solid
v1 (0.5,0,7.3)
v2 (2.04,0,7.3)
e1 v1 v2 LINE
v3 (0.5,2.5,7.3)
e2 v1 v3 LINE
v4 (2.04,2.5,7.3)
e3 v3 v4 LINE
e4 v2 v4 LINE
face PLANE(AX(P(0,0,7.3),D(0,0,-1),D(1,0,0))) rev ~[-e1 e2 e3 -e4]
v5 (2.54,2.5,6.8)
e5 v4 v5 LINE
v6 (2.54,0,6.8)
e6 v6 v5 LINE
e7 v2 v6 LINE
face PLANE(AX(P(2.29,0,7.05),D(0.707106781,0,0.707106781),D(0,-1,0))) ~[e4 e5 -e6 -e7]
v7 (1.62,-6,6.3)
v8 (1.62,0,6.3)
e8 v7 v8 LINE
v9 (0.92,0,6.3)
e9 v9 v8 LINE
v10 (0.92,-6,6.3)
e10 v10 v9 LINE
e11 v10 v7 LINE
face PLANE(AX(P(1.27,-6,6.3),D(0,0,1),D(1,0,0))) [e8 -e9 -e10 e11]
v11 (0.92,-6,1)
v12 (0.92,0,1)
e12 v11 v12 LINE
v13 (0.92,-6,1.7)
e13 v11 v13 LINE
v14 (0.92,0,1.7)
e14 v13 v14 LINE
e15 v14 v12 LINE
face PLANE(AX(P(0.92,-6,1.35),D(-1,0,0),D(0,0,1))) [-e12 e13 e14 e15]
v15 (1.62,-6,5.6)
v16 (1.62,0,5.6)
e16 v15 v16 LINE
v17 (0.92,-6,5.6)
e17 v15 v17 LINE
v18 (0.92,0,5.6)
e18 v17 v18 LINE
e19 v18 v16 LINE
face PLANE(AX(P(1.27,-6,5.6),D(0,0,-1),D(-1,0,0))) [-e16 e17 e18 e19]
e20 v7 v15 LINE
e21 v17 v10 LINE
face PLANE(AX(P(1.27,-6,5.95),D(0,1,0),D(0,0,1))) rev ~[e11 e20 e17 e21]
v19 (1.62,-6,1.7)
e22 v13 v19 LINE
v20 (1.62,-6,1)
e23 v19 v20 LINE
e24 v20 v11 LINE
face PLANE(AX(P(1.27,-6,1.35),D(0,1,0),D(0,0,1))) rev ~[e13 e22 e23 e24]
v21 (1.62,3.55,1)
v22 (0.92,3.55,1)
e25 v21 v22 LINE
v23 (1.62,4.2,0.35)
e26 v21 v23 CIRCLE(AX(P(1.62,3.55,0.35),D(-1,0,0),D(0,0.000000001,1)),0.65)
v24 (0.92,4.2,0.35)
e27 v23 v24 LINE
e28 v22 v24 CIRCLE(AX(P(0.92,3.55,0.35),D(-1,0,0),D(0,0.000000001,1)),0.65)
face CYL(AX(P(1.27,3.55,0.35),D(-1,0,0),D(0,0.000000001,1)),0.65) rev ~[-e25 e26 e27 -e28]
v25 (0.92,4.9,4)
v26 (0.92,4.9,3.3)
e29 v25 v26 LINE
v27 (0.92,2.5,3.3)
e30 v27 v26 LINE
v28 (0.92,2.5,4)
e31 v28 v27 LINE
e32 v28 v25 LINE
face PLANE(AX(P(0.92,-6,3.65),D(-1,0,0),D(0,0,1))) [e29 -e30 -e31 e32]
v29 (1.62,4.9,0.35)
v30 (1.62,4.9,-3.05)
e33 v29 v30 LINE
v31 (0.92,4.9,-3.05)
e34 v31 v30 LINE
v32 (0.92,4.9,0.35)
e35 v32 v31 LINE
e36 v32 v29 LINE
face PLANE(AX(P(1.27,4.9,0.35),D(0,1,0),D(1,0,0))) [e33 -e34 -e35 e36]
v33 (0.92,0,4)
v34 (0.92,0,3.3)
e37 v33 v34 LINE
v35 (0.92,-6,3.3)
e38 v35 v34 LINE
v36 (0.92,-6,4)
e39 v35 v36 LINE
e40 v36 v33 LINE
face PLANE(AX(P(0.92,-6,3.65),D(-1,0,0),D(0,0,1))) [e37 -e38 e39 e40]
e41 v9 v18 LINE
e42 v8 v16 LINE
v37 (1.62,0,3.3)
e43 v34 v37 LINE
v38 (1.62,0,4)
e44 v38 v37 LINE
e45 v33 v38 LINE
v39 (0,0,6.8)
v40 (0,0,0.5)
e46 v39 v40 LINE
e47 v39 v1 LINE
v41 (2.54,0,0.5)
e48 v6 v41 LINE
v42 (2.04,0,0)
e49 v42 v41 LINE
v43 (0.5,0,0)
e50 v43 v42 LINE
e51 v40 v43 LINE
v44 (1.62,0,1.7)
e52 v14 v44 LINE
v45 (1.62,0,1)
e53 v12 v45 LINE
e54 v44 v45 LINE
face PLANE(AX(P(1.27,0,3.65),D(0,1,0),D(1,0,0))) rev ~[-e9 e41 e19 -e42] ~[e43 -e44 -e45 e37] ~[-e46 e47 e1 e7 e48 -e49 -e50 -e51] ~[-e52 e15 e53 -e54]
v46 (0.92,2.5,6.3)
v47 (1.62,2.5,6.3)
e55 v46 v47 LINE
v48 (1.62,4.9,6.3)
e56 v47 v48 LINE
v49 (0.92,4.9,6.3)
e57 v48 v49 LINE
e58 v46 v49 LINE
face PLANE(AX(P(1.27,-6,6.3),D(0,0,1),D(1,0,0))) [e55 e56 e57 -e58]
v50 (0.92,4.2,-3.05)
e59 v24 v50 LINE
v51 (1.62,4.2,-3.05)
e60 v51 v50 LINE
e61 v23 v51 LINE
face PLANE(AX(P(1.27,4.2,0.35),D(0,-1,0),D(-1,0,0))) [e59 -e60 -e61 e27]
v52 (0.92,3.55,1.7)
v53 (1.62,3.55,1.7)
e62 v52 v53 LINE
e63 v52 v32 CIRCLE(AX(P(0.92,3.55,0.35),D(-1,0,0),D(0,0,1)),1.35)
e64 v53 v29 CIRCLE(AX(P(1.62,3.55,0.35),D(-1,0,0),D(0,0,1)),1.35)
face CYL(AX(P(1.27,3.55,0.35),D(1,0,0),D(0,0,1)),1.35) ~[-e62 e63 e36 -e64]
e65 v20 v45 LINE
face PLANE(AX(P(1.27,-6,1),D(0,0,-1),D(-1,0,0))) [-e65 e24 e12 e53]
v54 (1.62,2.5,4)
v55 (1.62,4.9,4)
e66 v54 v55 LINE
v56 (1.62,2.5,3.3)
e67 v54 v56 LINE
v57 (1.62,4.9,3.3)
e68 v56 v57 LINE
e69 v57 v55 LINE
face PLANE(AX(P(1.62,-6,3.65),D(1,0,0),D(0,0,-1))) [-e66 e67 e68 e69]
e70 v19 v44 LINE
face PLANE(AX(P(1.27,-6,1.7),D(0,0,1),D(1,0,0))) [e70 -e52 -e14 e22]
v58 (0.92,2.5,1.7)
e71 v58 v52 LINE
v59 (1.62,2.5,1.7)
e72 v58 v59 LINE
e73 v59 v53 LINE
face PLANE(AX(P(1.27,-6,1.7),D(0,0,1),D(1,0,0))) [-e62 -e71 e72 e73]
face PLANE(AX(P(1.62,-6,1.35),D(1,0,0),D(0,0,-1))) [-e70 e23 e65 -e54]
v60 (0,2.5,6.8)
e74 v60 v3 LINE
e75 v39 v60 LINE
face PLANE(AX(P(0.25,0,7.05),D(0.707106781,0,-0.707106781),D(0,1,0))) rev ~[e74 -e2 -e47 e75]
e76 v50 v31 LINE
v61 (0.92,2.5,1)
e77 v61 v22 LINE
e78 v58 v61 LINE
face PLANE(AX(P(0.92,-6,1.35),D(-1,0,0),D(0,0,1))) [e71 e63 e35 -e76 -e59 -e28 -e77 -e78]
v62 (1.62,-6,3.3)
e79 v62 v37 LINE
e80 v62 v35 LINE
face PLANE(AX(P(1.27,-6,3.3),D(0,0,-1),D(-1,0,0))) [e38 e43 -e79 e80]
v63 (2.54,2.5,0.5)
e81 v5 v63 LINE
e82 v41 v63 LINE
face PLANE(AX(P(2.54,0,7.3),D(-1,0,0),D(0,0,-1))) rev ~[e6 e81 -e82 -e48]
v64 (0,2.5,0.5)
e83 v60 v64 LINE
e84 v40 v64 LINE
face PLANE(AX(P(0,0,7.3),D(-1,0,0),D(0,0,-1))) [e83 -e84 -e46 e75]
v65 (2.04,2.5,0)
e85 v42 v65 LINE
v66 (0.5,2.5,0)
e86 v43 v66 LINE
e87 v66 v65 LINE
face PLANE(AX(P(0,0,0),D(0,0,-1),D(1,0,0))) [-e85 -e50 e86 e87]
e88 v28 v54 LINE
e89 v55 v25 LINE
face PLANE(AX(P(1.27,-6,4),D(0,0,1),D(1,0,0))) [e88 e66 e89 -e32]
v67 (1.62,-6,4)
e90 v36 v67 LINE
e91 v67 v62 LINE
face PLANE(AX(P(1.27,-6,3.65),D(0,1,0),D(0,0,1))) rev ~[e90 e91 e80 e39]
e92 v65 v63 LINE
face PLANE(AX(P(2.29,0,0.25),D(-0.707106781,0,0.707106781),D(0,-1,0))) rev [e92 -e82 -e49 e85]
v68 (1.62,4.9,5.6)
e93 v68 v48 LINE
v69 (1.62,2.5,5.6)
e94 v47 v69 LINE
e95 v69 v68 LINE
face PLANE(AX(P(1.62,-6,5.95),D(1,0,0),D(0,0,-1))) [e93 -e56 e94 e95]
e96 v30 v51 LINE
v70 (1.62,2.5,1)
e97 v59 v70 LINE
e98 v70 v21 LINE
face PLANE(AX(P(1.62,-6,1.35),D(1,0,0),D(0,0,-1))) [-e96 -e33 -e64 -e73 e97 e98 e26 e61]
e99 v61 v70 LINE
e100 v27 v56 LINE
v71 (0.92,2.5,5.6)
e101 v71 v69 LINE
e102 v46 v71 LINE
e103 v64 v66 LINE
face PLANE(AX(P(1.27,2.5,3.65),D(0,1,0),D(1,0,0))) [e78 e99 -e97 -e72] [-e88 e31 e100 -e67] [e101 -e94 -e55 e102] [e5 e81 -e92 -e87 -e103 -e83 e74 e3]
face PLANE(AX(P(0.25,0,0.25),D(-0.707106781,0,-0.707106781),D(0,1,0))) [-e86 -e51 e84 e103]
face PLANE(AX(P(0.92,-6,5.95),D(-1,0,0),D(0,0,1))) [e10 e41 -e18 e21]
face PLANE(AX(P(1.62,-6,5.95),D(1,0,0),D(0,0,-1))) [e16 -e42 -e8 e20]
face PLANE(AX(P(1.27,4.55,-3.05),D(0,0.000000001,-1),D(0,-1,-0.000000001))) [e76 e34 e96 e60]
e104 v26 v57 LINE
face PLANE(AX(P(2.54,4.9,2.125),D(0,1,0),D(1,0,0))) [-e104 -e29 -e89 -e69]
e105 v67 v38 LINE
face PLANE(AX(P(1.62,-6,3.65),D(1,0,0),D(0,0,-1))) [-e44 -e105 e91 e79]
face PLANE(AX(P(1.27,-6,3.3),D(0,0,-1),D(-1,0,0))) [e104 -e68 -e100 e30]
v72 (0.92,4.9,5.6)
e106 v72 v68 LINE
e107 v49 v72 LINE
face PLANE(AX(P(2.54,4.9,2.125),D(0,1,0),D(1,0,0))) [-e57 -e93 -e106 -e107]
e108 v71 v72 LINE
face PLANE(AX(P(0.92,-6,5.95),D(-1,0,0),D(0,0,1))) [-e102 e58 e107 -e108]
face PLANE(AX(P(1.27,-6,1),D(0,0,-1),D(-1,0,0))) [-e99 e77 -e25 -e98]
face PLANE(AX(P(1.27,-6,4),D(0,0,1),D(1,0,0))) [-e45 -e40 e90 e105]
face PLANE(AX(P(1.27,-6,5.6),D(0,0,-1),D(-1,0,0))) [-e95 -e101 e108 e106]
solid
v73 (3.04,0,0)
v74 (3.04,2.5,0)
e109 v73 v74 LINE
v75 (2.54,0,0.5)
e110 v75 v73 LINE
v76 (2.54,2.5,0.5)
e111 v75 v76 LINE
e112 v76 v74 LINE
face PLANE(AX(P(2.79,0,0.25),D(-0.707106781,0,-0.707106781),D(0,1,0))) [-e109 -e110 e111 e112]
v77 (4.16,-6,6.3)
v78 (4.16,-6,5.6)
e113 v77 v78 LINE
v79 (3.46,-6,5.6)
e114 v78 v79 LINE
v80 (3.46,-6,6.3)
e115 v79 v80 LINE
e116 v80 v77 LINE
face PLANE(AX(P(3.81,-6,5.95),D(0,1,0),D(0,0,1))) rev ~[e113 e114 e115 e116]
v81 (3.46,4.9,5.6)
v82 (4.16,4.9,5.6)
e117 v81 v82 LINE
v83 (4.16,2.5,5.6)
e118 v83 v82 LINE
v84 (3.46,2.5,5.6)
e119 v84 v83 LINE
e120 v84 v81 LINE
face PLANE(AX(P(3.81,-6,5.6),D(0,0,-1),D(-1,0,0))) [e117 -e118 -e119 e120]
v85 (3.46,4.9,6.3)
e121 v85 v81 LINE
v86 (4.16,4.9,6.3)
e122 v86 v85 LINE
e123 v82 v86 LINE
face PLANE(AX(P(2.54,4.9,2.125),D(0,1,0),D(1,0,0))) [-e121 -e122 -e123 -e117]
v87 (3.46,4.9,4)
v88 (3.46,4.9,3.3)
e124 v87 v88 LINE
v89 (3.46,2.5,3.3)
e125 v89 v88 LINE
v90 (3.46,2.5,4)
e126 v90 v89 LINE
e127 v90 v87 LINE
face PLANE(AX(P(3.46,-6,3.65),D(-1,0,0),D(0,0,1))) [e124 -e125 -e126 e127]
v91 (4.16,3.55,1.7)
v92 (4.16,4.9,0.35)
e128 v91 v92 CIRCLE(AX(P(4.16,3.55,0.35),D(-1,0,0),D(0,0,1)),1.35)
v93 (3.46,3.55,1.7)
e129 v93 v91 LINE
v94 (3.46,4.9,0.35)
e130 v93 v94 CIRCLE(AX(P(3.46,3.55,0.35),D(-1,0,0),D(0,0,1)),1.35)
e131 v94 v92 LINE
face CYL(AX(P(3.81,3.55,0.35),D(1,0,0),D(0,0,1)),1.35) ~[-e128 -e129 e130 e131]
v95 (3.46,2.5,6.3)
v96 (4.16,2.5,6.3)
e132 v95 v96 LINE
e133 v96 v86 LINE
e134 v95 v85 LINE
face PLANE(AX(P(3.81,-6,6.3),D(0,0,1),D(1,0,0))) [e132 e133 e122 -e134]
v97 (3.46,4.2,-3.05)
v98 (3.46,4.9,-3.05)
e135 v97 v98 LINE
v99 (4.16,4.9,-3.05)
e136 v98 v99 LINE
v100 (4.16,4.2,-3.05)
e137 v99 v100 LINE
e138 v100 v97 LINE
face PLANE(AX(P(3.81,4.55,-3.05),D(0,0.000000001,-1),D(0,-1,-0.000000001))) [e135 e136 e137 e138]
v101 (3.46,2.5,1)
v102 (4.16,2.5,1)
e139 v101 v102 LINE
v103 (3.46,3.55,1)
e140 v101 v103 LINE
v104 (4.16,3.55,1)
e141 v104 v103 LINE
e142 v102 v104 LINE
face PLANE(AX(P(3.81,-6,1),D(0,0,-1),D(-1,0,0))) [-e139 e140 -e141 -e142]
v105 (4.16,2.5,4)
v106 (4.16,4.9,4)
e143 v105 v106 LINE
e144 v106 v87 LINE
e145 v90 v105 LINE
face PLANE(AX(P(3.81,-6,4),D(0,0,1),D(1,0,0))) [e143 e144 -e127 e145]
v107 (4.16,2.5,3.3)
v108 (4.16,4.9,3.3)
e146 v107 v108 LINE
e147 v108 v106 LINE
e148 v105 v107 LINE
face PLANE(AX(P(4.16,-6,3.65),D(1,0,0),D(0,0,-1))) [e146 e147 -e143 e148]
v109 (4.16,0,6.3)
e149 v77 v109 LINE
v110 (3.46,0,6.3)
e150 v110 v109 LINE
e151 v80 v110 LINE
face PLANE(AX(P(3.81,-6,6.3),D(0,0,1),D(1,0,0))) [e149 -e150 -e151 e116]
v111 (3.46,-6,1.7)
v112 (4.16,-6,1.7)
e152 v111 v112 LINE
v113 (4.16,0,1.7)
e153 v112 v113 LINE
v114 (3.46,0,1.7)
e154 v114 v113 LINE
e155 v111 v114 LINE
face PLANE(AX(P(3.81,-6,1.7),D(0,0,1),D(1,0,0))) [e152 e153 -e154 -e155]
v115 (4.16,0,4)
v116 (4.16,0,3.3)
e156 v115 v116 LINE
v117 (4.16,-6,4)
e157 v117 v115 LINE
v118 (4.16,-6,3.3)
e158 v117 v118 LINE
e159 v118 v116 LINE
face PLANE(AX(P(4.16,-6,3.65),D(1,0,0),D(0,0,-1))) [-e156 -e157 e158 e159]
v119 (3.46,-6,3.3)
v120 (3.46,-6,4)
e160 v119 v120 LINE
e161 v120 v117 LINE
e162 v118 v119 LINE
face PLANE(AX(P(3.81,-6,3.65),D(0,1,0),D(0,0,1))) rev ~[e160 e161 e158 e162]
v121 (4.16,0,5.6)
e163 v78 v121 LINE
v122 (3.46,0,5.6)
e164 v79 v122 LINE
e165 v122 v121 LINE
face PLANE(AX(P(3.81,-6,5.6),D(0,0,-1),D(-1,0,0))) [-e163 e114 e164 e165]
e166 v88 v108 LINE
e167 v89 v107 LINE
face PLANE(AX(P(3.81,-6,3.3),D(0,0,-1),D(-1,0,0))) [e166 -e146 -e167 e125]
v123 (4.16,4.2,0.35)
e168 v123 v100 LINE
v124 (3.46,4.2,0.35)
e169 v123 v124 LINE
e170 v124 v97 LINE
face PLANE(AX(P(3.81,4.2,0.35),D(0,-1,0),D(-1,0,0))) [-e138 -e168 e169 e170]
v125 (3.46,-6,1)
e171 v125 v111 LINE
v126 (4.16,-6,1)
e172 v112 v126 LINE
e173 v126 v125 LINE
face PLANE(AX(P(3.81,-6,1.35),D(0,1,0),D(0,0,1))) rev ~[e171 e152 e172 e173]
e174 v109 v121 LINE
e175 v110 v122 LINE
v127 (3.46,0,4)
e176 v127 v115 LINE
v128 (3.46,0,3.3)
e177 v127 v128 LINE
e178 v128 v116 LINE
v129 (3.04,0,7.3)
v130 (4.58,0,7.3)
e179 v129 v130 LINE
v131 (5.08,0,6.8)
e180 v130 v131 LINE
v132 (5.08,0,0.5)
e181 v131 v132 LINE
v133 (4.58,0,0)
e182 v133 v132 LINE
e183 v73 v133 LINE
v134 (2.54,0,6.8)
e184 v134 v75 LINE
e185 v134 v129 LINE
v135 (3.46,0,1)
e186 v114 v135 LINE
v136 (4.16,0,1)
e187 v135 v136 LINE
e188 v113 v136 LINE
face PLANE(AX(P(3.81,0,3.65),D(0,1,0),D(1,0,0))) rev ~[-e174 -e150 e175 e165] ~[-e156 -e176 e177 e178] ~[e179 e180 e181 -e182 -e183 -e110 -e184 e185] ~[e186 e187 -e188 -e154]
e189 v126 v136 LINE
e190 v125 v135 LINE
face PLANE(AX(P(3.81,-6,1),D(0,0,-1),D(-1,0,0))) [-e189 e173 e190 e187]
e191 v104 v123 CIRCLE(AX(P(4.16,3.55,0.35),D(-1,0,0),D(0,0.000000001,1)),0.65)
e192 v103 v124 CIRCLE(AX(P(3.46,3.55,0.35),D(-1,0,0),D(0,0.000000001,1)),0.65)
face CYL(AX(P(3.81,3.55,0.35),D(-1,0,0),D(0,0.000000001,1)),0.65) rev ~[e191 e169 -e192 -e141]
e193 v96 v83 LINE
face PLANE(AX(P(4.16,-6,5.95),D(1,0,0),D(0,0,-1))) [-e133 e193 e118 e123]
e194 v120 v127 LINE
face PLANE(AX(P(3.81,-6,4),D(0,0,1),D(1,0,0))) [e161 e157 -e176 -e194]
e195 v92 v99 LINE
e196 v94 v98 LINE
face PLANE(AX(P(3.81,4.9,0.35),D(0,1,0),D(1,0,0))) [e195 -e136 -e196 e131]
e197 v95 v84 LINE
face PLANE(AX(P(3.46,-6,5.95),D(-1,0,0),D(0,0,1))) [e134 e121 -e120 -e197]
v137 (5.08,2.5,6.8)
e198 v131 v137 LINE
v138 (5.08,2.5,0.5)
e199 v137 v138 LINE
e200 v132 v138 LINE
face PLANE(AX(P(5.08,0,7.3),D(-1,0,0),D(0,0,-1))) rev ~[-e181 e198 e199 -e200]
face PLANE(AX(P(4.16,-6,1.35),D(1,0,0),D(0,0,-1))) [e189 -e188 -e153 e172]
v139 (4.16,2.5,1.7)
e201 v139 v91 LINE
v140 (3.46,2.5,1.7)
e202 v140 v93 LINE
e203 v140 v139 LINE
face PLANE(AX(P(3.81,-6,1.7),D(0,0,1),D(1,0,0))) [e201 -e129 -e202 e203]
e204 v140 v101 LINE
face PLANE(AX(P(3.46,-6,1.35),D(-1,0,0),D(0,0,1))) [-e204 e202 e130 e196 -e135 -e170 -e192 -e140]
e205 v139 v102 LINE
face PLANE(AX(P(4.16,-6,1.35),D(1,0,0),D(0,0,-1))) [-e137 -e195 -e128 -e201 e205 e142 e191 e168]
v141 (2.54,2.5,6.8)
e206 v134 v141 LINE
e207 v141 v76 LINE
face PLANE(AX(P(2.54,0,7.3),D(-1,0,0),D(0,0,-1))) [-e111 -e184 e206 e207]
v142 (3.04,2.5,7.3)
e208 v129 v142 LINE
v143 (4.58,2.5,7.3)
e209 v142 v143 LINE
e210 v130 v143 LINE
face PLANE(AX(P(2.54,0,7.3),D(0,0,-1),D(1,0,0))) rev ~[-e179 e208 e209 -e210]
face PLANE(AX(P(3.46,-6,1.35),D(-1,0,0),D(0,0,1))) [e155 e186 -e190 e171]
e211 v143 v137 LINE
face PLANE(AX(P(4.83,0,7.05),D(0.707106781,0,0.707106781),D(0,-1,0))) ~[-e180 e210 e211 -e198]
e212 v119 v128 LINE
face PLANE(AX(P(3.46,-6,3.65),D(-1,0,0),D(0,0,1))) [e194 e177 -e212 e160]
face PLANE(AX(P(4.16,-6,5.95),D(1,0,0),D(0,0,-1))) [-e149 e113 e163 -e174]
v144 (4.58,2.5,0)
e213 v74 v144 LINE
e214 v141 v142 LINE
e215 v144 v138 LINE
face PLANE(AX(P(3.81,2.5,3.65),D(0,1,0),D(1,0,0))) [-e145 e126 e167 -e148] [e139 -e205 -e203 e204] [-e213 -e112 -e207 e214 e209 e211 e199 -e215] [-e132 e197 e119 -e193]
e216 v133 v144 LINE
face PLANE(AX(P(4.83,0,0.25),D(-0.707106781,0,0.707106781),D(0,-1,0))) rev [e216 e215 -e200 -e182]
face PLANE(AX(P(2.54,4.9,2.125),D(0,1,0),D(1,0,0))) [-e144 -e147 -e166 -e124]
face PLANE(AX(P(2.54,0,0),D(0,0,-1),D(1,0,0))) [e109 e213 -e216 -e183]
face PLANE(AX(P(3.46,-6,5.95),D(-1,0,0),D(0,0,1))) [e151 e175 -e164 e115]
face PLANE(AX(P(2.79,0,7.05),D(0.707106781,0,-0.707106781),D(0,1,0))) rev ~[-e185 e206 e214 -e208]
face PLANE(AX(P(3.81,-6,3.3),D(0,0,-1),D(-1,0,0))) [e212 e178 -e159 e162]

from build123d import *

# Parameters (mm, degrees)
SKETCH1_W           = 0.7
SKETCH1_H           = 0.7
SKETCH1_5_W         = 0.7
SKETCH1_5_H         = 0.7
SKETCH1_6_W         = 0.7
SKETCH1_6_H         = 0.7
SKETCH1_7_W         = 2.54
SKETCH1_7_H         = 7.3
SKETCH1_7_W_2       = 0.7
SKETCH1_7_H_2       = 0.7
BOSS_EXTRUDE1_DEPTH = 2.5
CHAMFER1_SIZE       = 0.5
LPATTERN1_COUNT     = 2
LPATTERN1_PITCH     = 2.54
SKETCH3_W           = 5.08
SKETCH3_H           = 10.35
CUT_EXTRUDE1_DEPTH  = 5.6


with BuildPart() as part:
    # Sweep3: sweep along a path in Sketch2
    with BuildLine(Plane(origin=(1.25, 0, 0), x_dir=(0, 0, -1), z_dir=(1, 0, 0))) as sweep3_path:
        Line((-5.95, -6), (-5.95, 8.15))
        ThreePointArc((-5.95, 8.15), (-5.657106781, 8.857106781), (-4.95, 9.15))
        Line((-4.95, 9.15), (3.05, 9.15))
    # Sketch1 → Sweep3 (sweep)
    with BuildSketch(Plane(origin=(0, 0, 0), x_dir=(1, 0, 0), z_dir=(0, 1, 0))):
        with Locations((1.27, -5.95)):
            Rectangle(SKETCH1_W, SKETCH1_H)
    sweep(path=sweep3_path.line)



with BuildPart() as body_2:
    # Sweep4: sweep along a path in Sketch2<6>
    with BuildLine(Plane(origin=(1.25, 0, 0), x_dir=(0, 0, -1), z_dir=(1, 0, 0))) as sweep4_path:
        Line((-3.65, -6), (-3.65, 5.85))
        ThreePointArc((-3.65, 5.85), (-3.357106781, 6.557106781), (-2.65, 6.85))
        Line((-2.65, 6.85), (3.05, 6.85))
    # Sketch1<5> → Sweep4 (sweep)
    with BuildSketch(Plane(origin=(0, 0, 0), x_dir=(1, 0, 0), z_dir=(0, 1, 0))):
        with Locations((1.27, -3.65)):
            Rectangle(SKETCH1_5_W, SKETCH1_5_H)
    sweep(path=sweep4_path.line)


with BuildPart() as body_3:
    # Sweep5: sweep along a path in Sketch2<7>
    with BuildLine(Plane(origin=(1.25, 0, 0), x_dir=(0, 0, -1), z_dir=(1, 0, 0))) as sweep5_path:
        Line((-1.35, -6), (-1.35, 3.55))
        ThreePointArc((-1.35, 3.55), (-1.057106781, 4.257106781), (-0.35, 4.55))
        Line((-0.35, 4.55), (3.05, 4.55))
    # Sketch1<6> → Sweep5 (sweep)
    with BuildSketch(Plane(origin=(0, 0, 0), x_dir=(1, 0, 0), z_dir=(0, 1, 0))):
        with Locations((1.27, -1.35)):
            Rectangle(SKETCH1_6_W, SKETCH1_6_H)
    sweep(path=sweep5_path.line)


with BuildPart() as part_1:
    add(part.part)

    add(body_2.part)  # Boss-Extrude1 merges body 2

    add(body_3.part)  # Boss-Extrude1 merges body 3
    # Sketch1<7> → Boss-Extrude1 (add)
    with BuildSketch(Plane(origin=(0, 0, 0), x_dir=(1, 0, 0), z_dir=(0, 1, 0))):
        with Locations((1.27, -3.65)):
            Rectangle(SKETCH1_7_W, SKETCH1_7_H)
        with Locations((1.27, -1.35)):
            Rectangle(SKETCH1_7_W_2, SKETCH1_7_H_2, mode=Mode.SUBTRACT)
        with Locations((1.27, -5.95)):
            Rectangle(SKETCH1_7_W_2, SKETCH1_7_H_2, mode=Mode.SUBTRACT)
        with Locations((1.27, -3.65)):
            Rectangle(SKETCH1_7_W_2, SKETCH1_7_H_2, mode=Mode.SUBTRACT)
    extrude(amount=BOSS_EXTRUDE1_DEPTH)

    # Chamfer1
    chamfer1_edges = [part_1.edges().sort_by_distance(p)[0] for p in [
        (2.54, 1.25, 7.3),
        (2.54, 1.25, 0),
        (0, 1.25, 0),
        (0, 1.25, 7.3),
    ]]
    chamfer(chamfer1_edges, length=CHAMFER1_SIZE)


with BuildPart() as lpattern1_1:
    # LPattern1: pattern copy
    add(part_1.part.moved(Location(Vector(1, 0, 0) * (1 * LPATTERN1_PITCH))))


with BuildPart() as cut_extrude1_tool:
    # Sketch3 → Cut-Extrude1 (new body, through all)
    with BuildSketch(Plane(origin=(0, 4.9, 0), x_dir=(1, 0, 0), z_dir=(0, 1, 0))):
        with Locations((2.54, -2.125)):
            Rectangle(SKETCH3_W, SKETCH3_H)
    extrude(amount=CUT_EXTRUDE1_DEPTH)


with BuildPart() as part_2:
    add(part_1.part)

    # Cut-Extrude1: cut by cut_extrude1_tool
    add(cut_extrude1_tool.part, mode=Mode.SUBTRACT)


with BuildPart() as lpattern1_1_1:
    add(lpattern1_1.part)

    # Cut-Extrude1: cut by cut_extrude1_tool
    add(cut_extrude1_tool.part, mode=Mode.SUBTRACT)


solid = Compound([part_2.part, lpattern1_1_1.part])
